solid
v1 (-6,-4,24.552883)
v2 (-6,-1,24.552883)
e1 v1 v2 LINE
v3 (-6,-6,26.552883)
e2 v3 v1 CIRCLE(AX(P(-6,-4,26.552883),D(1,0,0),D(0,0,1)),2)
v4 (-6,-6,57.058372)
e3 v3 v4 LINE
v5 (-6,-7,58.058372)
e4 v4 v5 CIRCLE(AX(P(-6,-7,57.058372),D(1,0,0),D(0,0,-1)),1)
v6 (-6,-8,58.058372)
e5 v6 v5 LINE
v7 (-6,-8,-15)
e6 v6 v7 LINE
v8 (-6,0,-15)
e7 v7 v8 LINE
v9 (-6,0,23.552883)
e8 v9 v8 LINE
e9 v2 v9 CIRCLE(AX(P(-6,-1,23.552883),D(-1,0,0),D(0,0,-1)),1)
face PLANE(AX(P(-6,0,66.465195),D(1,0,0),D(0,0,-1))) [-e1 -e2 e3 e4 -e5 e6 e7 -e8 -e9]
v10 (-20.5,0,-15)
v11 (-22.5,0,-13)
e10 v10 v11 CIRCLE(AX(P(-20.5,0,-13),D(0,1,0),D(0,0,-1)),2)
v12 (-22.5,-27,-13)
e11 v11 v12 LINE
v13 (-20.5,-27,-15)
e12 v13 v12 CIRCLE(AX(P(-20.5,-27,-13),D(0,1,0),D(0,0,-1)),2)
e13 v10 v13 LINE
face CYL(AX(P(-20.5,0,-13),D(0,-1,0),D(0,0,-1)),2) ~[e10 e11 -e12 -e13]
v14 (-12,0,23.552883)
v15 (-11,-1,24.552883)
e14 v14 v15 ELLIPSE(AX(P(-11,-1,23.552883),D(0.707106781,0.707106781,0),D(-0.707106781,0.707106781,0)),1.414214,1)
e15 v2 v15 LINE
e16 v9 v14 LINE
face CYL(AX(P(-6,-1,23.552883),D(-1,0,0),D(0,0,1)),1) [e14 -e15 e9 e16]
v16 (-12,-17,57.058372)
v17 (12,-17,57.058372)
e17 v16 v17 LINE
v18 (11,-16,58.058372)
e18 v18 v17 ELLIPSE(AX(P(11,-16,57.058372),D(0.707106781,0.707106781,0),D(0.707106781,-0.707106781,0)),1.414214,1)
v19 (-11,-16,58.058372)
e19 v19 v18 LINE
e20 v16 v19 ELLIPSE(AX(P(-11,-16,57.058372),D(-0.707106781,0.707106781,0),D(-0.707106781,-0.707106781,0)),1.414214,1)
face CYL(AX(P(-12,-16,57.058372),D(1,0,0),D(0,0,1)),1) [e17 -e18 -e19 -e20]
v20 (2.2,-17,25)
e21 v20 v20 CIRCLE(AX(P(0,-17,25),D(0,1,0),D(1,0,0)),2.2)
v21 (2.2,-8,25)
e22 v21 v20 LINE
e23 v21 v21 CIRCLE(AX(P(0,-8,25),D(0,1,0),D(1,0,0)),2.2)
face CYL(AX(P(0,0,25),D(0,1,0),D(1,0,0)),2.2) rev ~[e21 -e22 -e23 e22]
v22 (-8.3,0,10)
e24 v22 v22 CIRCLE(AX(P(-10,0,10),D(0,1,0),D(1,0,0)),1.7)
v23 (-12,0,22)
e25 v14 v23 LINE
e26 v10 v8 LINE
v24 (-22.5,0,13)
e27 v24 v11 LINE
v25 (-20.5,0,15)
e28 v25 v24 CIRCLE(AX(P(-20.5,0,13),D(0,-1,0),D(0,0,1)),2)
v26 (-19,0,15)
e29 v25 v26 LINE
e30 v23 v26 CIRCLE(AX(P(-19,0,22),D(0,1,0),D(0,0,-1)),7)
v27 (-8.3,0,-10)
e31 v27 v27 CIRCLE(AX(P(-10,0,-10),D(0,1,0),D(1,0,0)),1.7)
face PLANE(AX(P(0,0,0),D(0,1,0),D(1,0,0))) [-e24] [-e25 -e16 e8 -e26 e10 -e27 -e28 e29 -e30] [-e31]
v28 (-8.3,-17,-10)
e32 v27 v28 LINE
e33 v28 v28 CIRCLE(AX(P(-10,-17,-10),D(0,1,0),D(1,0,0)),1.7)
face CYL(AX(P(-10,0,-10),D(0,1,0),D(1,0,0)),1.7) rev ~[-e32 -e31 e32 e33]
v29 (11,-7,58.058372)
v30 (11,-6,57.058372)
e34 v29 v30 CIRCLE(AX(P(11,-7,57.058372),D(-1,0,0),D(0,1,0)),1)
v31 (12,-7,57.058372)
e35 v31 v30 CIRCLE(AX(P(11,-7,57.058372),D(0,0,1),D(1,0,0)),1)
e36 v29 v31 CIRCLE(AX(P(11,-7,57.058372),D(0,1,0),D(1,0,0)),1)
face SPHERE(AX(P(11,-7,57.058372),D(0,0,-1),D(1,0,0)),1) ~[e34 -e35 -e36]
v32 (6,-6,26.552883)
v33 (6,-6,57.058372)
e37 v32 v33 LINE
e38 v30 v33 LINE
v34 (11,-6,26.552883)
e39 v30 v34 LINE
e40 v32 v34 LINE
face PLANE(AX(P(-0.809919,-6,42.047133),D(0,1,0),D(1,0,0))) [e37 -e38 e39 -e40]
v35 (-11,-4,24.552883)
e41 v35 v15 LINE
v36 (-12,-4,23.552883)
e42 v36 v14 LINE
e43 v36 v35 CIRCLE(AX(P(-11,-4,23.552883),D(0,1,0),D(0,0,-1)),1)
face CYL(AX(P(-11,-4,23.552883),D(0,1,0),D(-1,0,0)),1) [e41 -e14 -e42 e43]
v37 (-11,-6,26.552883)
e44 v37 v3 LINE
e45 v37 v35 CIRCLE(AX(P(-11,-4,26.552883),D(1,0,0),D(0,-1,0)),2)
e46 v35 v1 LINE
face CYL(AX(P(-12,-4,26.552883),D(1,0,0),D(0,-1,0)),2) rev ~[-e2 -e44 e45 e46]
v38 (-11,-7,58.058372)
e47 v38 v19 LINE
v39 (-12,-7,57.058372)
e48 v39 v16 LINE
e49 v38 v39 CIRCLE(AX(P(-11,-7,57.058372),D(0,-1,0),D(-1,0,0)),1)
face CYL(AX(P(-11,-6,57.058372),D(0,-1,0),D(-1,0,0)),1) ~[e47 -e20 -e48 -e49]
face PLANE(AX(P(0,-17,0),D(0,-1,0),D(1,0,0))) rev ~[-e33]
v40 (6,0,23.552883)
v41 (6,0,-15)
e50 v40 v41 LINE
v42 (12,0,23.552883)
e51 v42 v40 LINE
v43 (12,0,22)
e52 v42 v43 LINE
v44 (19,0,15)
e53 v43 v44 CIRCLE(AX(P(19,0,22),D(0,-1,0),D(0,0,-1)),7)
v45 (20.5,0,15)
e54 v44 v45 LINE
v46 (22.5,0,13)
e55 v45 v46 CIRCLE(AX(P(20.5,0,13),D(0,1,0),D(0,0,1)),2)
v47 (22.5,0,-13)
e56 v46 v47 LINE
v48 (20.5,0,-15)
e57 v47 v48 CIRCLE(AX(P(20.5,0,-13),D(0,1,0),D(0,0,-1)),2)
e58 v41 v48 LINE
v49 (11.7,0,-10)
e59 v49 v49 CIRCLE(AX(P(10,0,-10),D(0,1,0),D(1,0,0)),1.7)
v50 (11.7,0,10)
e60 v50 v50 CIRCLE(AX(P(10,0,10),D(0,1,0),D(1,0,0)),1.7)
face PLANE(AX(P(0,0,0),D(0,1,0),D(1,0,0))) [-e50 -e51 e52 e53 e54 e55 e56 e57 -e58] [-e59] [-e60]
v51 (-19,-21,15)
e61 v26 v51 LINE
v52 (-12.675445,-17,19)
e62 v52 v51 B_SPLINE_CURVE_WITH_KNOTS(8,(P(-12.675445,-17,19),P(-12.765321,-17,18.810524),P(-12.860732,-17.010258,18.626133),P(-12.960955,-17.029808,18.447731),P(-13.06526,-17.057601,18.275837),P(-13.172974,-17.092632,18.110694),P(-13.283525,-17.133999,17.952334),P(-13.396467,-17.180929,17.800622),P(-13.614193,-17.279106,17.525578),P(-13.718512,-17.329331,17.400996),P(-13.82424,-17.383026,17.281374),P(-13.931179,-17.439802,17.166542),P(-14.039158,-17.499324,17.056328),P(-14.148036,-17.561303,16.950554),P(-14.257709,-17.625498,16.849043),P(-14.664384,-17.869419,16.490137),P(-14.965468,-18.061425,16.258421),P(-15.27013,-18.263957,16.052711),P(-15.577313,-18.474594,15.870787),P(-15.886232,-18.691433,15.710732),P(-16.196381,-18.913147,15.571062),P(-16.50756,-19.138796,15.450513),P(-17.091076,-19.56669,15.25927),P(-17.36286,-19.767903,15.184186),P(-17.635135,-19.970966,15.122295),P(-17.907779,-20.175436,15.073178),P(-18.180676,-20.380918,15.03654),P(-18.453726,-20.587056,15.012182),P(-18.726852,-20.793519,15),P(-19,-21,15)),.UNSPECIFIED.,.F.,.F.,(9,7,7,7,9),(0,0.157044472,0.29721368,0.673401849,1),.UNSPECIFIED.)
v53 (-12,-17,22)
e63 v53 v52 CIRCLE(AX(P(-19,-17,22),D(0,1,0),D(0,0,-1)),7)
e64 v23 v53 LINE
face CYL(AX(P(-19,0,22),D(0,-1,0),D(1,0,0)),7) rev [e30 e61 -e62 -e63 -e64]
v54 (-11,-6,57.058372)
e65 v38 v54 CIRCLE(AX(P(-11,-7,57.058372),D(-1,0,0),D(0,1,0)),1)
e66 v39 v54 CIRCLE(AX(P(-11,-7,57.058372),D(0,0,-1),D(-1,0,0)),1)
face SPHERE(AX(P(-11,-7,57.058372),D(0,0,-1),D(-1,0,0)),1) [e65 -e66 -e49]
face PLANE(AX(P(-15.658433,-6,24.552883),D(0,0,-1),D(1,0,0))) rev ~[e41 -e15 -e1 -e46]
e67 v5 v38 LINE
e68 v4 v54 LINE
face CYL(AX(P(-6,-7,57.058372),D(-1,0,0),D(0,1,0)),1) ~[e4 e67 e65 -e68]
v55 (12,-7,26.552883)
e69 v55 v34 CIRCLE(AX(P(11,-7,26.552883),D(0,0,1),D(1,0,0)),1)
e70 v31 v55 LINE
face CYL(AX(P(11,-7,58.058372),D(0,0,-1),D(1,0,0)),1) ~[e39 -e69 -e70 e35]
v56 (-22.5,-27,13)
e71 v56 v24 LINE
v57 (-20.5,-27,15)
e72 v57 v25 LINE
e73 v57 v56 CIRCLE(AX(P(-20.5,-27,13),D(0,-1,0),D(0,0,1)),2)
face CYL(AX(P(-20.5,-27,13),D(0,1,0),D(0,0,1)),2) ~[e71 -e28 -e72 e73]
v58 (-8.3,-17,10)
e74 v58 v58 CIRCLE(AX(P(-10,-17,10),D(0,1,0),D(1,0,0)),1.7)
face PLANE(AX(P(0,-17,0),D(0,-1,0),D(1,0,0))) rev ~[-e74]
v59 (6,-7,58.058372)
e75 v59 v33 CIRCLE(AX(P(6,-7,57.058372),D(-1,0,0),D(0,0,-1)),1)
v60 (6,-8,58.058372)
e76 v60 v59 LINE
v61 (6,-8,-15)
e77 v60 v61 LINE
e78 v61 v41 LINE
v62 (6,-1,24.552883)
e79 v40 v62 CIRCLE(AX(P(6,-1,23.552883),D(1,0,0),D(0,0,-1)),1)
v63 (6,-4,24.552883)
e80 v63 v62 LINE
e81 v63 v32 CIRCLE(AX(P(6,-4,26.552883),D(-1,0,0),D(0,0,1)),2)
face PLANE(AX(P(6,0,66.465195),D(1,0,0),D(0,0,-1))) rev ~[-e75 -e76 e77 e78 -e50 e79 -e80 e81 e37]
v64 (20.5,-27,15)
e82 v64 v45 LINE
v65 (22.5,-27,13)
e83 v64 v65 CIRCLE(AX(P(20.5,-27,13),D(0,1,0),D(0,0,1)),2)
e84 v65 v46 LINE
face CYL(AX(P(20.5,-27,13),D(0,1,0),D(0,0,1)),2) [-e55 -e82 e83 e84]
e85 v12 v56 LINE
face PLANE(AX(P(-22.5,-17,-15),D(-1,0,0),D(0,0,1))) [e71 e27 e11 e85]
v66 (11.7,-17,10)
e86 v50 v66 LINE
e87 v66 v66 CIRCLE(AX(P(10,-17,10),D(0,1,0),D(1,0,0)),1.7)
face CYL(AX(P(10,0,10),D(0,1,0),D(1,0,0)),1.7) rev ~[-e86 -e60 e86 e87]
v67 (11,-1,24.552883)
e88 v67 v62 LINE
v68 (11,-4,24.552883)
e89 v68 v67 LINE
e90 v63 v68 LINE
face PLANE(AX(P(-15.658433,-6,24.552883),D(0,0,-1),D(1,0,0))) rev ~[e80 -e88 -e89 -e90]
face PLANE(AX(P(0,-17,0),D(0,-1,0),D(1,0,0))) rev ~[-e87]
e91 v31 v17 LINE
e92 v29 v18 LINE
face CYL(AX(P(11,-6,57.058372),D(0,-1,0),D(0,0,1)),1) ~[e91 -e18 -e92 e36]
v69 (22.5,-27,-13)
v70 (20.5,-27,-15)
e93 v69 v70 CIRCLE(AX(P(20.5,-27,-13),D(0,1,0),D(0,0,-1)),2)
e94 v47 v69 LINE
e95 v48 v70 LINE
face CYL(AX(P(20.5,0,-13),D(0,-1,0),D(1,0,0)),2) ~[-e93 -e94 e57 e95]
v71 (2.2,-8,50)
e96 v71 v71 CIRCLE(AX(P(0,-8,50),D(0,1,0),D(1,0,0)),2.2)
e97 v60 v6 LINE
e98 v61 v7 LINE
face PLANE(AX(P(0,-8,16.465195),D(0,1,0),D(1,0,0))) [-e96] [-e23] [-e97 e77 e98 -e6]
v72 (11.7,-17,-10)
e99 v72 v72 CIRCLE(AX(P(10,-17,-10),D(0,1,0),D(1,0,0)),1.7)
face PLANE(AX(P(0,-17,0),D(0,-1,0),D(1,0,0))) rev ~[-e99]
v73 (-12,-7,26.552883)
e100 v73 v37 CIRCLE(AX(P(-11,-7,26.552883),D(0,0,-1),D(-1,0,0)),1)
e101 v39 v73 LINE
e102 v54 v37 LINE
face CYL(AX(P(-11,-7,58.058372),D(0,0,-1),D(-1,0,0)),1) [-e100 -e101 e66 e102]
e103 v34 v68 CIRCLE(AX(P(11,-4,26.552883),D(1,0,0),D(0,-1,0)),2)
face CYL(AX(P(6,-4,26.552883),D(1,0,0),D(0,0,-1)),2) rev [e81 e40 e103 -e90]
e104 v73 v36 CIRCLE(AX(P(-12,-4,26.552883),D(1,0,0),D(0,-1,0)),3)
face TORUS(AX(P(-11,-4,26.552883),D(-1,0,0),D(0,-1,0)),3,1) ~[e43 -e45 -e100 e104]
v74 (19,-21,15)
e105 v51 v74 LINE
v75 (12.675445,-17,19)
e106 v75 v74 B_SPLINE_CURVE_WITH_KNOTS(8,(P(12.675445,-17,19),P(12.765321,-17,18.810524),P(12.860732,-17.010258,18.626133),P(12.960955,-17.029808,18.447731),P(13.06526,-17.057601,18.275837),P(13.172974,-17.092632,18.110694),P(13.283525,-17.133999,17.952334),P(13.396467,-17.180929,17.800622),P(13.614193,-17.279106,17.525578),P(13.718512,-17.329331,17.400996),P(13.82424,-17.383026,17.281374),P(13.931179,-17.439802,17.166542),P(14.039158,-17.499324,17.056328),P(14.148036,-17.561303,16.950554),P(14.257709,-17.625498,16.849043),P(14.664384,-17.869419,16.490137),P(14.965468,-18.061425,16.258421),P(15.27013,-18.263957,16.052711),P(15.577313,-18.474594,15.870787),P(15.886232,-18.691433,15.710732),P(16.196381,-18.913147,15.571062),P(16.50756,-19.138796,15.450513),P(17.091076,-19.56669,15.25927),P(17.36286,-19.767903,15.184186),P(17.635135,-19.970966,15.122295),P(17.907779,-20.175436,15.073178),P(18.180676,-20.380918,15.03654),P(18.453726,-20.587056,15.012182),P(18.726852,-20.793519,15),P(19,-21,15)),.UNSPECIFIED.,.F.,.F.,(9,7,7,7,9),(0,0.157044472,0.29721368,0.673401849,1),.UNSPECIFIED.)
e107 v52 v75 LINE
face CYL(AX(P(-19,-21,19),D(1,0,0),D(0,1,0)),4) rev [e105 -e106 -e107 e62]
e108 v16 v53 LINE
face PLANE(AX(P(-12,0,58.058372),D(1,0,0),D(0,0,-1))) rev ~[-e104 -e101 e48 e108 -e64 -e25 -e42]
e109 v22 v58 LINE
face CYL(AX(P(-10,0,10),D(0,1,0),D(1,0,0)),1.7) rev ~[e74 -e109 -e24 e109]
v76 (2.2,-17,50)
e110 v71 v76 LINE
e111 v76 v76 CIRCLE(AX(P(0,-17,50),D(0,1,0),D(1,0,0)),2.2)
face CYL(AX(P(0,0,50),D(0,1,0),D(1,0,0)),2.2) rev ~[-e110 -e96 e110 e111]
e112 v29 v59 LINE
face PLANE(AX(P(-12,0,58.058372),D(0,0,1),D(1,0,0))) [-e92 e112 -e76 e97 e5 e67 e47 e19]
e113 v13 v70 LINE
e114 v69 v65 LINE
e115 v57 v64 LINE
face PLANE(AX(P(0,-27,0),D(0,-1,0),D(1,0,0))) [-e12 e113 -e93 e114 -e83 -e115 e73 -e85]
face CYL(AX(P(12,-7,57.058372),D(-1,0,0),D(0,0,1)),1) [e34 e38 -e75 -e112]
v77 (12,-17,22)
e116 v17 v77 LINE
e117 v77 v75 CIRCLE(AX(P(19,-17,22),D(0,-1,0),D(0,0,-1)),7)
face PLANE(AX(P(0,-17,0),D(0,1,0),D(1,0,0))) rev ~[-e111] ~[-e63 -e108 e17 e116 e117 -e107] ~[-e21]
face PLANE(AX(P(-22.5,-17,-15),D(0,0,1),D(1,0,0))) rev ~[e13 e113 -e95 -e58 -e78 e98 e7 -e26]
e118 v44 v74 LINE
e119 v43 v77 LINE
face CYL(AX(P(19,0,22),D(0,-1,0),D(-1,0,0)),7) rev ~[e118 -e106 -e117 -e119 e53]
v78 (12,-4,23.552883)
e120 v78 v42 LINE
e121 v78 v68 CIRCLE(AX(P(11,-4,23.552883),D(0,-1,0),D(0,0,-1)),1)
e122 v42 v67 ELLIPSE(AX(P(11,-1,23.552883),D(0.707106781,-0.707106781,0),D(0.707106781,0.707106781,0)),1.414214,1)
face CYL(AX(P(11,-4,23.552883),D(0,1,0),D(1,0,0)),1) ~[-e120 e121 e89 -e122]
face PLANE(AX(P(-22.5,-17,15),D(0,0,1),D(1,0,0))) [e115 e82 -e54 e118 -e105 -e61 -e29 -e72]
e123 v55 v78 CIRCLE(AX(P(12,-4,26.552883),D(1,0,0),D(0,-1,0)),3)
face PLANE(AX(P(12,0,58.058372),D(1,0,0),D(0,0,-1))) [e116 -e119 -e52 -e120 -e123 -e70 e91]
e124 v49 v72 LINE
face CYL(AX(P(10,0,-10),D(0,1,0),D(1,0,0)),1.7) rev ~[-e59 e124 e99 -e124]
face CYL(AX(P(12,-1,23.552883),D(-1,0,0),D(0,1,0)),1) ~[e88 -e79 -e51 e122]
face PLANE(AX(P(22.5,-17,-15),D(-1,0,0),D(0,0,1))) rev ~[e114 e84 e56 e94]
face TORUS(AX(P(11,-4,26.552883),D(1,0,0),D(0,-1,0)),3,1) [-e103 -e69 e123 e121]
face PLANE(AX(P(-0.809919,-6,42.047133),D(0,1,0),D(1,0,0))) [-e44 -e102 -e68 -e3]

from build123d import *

# Parameters (mm, degrees)
SKETCH1_W           = 45
SKETCH1_H           = 30
SKETCH1_R           = 1.7
SKETCH1_W_2         = 24
SKETCH1_H_2         = 43.058371989
SKETCH1_R_2         = 2.2
BOSS_EXTRUDE2_DEPTH = 17
SKETCH5_W           = 12
SKETCH5_H           = 100
CUT_EXTRUDE1_DEPTH  = 8
SKETCH7_W           = 29.697028674
SKETCH7_H           = 34.988499238
CUT_EXTRUDE2_DEPTH  = 7
SKETCH9_W           = 45
SKETCH9_H           = 30
BOSS_EXTRUDE3_DEPTH = 10
FILLET1_R           = 7
FILLET6_R           = 2
FILLET7_R           = 1
FILLET8_R           = 4


with BuildPart() as part:
    # Sketch1 → Boss-Extrude2 (new body)
    with BuildSketch(Plane(origin=(0, 0, 0), x_dir=(1, 0, 0), z_dir=(0, 1, 0))):
        Rectangle(SKETCH1_W, SKETCH1_H)
        with Locations((-10, 10)):
            Circle(SKETCH1_R, mode=Mode.SUBTRACT)
        with Locations((10, 10)):
            Circle(SKETCH1_R, mode=Mode.SUBTRACT)
        with Locations((10, -10)):
            Circle(SKETCH1_R, mode=Mode.SUBTRACT)
        with Locations((-10, -10)):
            Circle(SKETCH1_R, mode=Mode.SUBTRACT)
        with Locations((0, -36.529185995)):
            Rectangle(SKETCH1_W_2, SKETCH1_H_2)
        with Locations((0, -25)):
            Circle(SKETCH1_R_2, mode=Mode.SUBTRACT)
        with Locations((0, -50)):
            Circle(SKETCH1_R_2, mode=Mode.SUBTRACT)
    extrude(amount=-BOSS_EXTRUDE2_DEPTH)

    # Sketch5 → Cut-Extrude1 (cut)
    with BuildSketch(Plane(origin=(0, 0, 0), x_dir=(1, 0, 0), z_dir=(0, 1, 0))):
        with Locations((0, -16.465194583)):
            Rectangle(SKETCH5_W, SKETCH5_H)
    extrude(amount=-CUT_EXTRUDE1_DEPTH, mode=Mode.SUBTRACT)

    # Sketch7 → Cut-Extrude2 (cut, through all)
    with BuildSketch(Plane(origin=(0, -6, 0), x_dir=(1, 0, 0), z_dir=(0, 1, 0))):
        with Locations((-0.809918964, -42.047133079)):
            Rectangle(SKETCH7_W, SKETCH7_H)
    extrude(amount=CUT_EXTRUDE2_DEPTH, mode=Mode.SUBTRACT)

    # Sketch9 → Boss-Extrude3 (add)
    with BuildSketch(Plane.XZ.offset(17)):
        Rectangle(SKETCH9_W, SKETCH9_H)
    extrude(amount=BOSS_EXTRUDE3_DEPTH)

    # Fillet1
    fillet1_edges = [part.edges().sort_by_distance(p)[0] for p in [
        (-12, -8.5, 15),
        (12, -8.5, 15),
    ]]
    fillet(fillet1_edges, radius=FILLET1_R)

    # Fillet6
    fillet6_edges = [part.edges().sort_by_distance(p)[0] for p in [
        (22.5, -13.5, 15),
        (-22.5, -13.5, 15),
        (-22.5, -13.5, -15),
        (22.5, -13.5, -15),
        (9, -6, 24.55288346),
        (-9, -6, 24.55288346),
    ]]
    fillet(fillet6_edges, radius=FILLET6_R)

    # Fillet7
    fillet7_edges = [part.edges().sort_by_distance(p)[0] for p in [
        (-12, -2, 24.55288346),
        (12, -2, 24.55288346),
        (-12, -5.414213562, 25.138669897),
        (12, -5.414213562, 25.138669897),
        (-12, -11.5, 58.058371989),
        (12, -11.5, 58.058371989),
        (0, -17, 58.058371989),
        (9, 0, 24.55288346),
        (9, -6, 58.058371989),
        (12, -6, 42.305627724),
        (-9, 0, 24.55288346),
        (-9, -6, 58.058371989),
        (-12, -6, 42.305627724),
    ]]
    fillet(fillet7_edges, radius=FILLET7_R)

    # Fillet8
    fillet8_edges = [part.edges().sort_by_distance(p)[0] for p in [
        (0, -17, 15),
    ]]
    fillet(fillet8_edges, radius=FILLET8_R)


solid = part.part
